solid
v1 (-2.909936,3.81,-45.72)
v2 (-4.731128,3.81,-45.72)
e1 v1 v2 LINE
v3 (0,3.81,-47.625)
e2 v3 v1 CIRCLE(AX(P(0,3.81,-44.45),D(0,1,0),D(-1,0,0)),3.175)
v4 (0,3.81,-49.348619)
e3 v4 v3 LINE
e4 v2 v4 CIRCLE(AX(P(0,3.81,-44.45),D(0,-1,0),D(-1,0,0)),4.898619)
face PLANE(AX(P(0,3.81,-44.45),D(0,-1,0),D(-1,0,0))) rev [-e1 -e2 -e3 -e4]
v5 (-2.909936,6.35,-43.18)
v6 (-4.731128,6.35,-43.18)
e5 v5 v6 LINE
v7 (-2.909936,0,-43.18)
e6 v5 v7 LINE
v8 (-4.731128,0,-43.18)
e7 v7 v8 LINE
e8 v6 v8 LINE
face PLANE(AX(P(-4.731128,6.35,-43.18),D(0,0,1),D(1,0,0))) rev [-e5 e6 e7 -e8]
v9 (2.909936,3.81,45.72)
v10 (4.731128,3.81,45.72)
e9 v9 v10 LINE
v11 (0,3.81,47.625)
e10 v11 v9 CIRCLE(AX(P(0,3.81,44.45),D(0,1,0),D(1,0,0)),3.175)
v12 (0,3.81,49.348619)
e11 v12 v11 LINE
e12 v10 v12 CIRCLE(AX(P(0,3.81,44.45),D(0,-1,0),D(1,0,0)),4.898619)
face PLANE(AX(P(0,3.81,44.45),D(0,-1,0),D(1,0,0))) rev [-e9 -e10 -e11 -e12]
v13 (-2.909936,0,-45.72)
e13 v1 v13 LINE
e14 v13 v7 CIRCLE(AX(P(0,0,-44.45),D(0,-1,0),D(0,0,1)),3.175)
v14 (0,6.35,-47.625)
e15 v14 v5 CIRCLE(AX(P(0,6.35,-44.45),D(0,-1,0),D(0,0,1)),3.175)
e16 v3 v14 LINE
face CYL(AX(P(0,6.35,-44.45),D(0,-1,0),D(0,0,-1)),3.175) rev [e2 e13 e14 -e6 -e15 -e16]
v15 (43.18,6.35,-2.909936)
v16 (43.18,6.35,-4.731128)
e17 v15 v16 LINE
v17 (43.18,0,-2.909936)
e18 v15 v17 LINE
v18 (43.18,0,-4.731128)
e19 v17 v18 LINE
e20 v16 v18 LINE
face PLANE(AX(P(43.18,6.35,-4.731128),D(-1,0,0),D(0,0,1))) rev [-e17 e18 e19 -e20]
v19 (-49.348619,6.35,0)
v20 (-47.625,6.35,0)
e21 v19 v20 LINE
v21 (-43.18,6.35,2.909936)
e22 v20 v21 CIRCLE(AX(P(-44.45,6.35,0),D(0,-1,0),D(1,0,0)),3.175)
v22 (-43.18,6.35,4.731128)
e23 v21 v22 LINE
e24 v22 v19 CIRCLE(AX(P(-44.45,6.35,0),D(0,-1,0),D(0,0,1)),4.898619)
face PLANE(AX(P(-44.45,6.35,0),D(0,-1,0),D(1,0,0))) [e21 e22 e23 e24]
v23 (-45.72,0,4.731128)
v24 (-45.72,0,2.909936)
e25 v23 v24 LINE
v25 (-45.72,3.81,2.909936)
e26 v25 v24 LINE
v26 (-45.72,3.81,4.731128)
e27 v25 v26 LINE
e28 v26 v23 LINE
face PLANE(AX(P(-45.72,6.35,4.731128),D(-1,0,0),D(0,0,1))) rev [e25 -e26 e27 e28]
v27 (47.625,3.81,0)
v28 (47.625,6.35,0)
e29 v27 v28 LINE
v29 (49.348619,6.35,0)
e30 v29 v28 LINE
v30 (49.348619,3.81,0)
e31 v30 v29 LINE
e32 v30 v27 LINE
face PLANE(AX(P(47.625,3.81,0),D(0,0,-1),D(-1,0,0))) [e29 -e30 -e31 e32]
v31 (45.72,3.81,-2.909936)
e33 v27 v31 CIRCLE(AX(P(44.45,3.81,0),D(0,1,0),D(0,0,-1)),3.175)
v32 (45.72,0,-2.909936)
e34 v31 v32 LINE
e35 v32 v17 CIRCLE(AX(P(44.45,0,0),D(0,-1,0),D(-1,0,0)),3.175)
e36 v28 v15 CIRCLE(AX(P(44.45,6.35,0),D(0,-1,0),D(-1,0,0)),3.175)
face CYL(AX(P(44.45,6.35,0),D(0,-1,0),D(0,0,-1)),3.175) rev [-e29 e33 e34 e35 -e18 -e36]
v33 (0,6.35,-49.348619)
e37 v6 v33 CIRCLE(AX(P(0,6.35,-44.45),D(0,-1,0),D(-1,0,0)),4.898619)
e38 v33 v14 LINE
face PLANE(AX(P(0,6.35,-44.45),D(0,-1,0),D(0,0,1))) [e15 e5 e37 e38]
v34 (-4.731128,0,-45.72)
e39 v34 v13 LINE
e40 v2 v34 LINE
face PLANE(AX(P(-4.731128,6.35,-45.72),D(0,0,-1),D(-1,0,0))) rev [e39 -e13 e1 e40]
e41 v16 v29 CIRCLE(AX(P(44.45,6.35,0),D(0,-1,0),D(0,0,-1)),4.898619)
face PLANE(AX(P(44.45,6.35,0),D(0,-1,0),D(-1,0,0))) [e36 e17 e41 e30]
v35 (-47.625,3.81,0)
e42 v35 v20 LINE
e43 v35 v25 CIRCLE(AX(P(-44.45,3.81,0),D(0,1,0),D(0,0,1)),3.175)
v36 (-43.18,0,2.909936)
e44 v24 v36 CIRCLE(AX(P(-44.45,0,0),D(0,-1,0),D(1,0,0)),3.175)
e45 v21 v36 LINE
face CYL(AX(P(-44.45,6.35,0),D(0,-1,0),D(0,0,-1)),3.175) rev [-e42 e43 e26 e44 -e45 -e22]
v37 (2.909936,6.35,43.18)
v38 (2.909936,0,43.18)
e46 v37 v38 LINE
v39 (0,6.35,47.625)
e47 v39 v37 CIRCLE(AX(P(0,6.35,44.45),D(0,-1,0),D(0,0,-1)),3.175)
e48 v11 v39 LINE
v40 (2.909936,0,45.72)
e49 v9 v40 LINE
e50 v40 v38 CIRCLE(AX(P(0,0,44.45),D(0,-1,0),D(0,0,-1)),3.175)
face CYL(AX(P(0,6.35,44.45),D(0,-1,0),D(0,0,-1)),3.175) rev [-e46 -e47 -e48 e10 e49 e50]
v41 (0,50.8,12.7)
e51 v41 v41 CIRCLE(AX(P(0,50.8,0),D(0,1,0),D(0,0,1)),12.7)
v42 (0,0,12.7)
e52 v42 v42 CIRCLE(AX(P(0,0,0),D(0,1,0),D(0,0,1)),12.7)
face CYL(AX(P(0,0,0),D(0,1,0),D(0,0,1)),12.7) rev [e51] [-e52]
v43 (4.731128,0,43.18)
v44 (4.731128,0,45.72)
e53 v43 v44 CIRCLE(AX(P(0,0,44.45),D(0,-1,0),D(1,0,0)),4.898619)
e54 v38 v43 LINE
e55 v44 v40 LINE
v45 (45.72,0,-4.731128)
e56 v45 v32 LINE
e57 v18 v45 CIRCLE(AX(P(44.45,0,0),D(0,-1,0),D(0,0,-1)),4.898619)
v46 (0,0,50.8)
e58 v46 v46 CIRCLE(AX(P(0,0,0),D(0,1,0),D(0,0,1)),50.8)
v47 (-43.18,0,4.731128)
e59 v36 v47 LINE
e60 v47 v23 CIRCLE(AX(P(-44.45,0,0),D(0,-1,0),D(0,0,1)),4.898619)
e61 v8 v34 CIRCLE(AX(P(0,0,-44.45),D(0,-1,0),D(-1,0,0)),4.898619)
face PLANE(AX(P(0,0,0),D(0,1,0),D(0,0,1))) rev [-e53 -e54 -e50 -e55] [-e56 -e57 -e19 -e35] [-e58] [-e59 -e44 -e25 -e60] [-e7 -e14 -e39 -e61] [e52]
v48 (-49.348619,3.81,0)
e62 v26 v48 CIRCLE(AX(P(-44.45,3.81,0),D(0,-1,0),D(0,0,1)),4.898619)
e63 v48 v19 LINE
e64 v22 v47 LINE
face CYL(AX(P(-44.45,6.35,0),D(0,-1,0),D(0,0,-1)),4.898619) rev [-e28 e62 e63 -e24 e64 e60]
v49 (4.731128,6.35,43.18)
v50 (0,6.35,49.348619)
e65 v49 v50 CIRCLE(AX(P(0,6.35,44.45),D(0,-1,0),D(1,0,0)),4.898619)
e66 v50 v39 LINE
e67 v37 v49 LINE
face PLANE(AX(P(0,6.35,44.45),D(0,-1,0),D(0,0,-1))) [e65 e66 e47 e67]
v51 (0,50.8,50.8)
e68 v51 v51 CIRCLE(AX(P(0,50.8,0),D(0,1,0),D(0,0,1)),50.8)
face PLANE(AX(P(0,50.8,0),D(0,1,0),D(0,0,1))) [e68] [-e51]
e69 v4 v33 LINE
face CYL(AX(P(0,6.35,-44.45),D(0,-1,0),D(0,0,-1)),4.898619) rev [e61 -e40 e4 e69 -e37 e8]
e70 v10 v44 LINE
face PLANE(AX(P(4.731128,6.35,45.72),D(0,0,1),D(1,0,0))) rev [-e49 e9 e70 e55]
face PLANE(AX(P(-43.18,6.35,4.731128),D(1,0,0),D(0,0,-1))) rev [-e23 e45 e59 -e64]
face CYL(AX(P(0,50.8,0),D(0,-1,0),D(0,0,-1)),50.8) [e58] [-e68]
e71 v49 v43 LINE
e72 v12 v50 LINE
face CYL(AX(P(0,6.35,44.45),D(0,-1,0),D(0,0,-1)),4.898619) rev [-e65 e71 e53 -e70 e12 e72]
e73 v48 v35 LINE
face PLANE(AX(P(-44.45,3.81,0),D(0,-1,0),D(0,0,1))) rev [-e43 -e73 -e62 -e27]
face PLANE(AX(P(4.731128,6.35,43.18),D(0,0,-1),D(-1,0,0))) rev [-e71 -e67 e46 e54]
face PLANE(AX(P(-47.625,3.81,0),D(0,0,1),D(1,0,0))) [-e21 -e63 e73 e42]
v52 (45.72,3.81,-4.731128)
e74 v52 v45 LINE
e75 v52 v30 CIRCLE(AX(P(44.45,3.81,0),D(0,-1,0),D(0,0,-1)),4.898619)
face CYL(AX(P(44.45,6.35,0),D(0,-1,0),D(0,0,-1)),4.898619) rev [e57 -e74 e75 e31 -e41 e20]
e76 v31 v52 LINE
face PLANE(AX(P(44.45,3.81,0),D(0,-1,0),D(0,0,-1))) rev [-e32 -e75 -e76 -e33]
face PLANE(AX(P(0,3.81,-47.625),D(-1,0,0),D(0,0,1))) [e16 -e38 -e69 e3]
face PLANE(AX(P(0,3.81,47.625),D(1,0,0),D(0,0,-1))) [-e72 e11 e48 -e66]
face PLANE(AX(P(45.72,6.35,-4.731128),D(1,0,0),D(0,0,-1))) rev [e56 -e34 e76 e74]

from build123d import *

# Parameters (mm, degrees)
SKETCH1_R           = 50.8
BOSS_EXTRUDE1_DEPTH = 50.8
SKETCH3_R           = 3.175
CUT_EXTRUDE1_DEPTH  = 6.35
CIRPATTERN1_COUNT   = 4
CUT_EXTRUDE2_DEPTH  = 6.35
CUT_EXTRUDE3_START  = 2.54
CUT_EXTRUDE3_DEPTH  = 2.54
CIRPATTERN2_COUNT   = 4
SKETCH6_R           = 12.7
CUT_EXTRUDE4_DEPTH  = 88.988181024


with BuildPart() as part:
    # Sketch1 → Boss-Extrude1 (new body)
    with BuildSketch(Plane(origin=(0, 0, 0), x_dir=(1, 0, 0), z_dir=(0, 1, 0))):
        with Locations(Location((0, 0, 0), (0, 0, 270))):
            Circle(SKETCH1_R)
    extrude(amount=BOSS_EXTRUDE1_DEPTH)

    # Sketch3 → Cut-Extrude1 (cut)
    with BuildSketch(Plane.XZ):
        with Locations(Location((0, 44.45, 0), (0, 0, 270))):
            Circle(SKETCH3_R)
    cut_extrude1 = extrude(amount=-CUT_EXTRUDE1_DEPTH, mode=Mode.SUBTRACT)

    # CirPattern1: Cut-Extrude1 ×4 about axis
    cirpattern1_axis = Axis((0, 0, 0), (0, 1, 0))
    for i in range(1, CIRPATTERN1_COUNT):
        add(cut_extrude1.rotate(cirpattern1_axis, i * 360 / CIRPATTERN1_COUNT), mode=Mode.SUBTRACT)

    # Sketch4 → Cut-Extrude2 (cut)
    with BuildSketch(Plane.XZ):
        with BuildLine():
            Line((43.18, -4.731127947), (43.18, -2.909935566))
            ThreePointArc((43.18, -2.909935566), (44.45, -3.175), (45.72, -2.909935566))
            Line((45.72, -2.909935566), (45.72, -4.731127947))
            ThreePointArc((45.72, -4.731127947), (44.45, -4.898619361), (43.18, -4.731127947))
        make_face()
    cut_extrude2 = extrude(amount=-CUT_EXTRUDE2_DEPTH, mode=Mode.SUBTRACT)

    # Sketch5 → Cut-Extrude3 (cut)
    with BuildSketch(Plane.XZ.offset(-6.35).offset(CUT_EXTRUDE3_START)):
        with BuildLine():
            Line((47.625, 0), (49.348619361, 0))
            ThreePointArc((49.348619361, 0), (48.337011592, -2.98120991), (45.72, -4.731127947))
            Line((45.72, -4.731127947), (45.72, -2.909935566))
            ThreePointArc((45.72, -2.909935566), (47.106395584, -1.73901912), (47.625, 0))
        make_face()
    cut_extrude3 = extrude(amount=-CUT_EXTRUDE3_DEPTH, mode=Mode.SUBTRACT)

    # CirPattern2: Cut-Extrude2, Cut-Extrude3 ×4 about axis
    cirpattern2_axis = Axis((0, 0, 0), (0, 1, 0))
    add([cut_extrude2.rotate(cirpattern2_axis, i * 360 / CIRPATTERN2_COUNT) for i in range(1, CIRPATTERN2_COUNT)], mode=Mode.SUBTRACT)
    add([cut_extrude3.rotate(cirpattern2_axis, i * 360 / CIRPATTERN2_COUNT) for i in range(1, CIRPATTERN2_COUNT)], mode=Mode.SUBTRACT)

    # Sketch6 → Cut-Extrude4 (cut, through all)
    with BuildSketch(Plane(origin=(0, 50.8, 0), x_dir=(1, 0, 0), z_dir=(0, 1, 0))):
        with Locations(Location((0, 0, 0), (0, 0, 270))):
            Circle(SKETCH6_R)
    extrude(amount=-CUT_EXTRUDE4_DEPTH, mode=Mode.SUBTRACT)


solid = part.part
